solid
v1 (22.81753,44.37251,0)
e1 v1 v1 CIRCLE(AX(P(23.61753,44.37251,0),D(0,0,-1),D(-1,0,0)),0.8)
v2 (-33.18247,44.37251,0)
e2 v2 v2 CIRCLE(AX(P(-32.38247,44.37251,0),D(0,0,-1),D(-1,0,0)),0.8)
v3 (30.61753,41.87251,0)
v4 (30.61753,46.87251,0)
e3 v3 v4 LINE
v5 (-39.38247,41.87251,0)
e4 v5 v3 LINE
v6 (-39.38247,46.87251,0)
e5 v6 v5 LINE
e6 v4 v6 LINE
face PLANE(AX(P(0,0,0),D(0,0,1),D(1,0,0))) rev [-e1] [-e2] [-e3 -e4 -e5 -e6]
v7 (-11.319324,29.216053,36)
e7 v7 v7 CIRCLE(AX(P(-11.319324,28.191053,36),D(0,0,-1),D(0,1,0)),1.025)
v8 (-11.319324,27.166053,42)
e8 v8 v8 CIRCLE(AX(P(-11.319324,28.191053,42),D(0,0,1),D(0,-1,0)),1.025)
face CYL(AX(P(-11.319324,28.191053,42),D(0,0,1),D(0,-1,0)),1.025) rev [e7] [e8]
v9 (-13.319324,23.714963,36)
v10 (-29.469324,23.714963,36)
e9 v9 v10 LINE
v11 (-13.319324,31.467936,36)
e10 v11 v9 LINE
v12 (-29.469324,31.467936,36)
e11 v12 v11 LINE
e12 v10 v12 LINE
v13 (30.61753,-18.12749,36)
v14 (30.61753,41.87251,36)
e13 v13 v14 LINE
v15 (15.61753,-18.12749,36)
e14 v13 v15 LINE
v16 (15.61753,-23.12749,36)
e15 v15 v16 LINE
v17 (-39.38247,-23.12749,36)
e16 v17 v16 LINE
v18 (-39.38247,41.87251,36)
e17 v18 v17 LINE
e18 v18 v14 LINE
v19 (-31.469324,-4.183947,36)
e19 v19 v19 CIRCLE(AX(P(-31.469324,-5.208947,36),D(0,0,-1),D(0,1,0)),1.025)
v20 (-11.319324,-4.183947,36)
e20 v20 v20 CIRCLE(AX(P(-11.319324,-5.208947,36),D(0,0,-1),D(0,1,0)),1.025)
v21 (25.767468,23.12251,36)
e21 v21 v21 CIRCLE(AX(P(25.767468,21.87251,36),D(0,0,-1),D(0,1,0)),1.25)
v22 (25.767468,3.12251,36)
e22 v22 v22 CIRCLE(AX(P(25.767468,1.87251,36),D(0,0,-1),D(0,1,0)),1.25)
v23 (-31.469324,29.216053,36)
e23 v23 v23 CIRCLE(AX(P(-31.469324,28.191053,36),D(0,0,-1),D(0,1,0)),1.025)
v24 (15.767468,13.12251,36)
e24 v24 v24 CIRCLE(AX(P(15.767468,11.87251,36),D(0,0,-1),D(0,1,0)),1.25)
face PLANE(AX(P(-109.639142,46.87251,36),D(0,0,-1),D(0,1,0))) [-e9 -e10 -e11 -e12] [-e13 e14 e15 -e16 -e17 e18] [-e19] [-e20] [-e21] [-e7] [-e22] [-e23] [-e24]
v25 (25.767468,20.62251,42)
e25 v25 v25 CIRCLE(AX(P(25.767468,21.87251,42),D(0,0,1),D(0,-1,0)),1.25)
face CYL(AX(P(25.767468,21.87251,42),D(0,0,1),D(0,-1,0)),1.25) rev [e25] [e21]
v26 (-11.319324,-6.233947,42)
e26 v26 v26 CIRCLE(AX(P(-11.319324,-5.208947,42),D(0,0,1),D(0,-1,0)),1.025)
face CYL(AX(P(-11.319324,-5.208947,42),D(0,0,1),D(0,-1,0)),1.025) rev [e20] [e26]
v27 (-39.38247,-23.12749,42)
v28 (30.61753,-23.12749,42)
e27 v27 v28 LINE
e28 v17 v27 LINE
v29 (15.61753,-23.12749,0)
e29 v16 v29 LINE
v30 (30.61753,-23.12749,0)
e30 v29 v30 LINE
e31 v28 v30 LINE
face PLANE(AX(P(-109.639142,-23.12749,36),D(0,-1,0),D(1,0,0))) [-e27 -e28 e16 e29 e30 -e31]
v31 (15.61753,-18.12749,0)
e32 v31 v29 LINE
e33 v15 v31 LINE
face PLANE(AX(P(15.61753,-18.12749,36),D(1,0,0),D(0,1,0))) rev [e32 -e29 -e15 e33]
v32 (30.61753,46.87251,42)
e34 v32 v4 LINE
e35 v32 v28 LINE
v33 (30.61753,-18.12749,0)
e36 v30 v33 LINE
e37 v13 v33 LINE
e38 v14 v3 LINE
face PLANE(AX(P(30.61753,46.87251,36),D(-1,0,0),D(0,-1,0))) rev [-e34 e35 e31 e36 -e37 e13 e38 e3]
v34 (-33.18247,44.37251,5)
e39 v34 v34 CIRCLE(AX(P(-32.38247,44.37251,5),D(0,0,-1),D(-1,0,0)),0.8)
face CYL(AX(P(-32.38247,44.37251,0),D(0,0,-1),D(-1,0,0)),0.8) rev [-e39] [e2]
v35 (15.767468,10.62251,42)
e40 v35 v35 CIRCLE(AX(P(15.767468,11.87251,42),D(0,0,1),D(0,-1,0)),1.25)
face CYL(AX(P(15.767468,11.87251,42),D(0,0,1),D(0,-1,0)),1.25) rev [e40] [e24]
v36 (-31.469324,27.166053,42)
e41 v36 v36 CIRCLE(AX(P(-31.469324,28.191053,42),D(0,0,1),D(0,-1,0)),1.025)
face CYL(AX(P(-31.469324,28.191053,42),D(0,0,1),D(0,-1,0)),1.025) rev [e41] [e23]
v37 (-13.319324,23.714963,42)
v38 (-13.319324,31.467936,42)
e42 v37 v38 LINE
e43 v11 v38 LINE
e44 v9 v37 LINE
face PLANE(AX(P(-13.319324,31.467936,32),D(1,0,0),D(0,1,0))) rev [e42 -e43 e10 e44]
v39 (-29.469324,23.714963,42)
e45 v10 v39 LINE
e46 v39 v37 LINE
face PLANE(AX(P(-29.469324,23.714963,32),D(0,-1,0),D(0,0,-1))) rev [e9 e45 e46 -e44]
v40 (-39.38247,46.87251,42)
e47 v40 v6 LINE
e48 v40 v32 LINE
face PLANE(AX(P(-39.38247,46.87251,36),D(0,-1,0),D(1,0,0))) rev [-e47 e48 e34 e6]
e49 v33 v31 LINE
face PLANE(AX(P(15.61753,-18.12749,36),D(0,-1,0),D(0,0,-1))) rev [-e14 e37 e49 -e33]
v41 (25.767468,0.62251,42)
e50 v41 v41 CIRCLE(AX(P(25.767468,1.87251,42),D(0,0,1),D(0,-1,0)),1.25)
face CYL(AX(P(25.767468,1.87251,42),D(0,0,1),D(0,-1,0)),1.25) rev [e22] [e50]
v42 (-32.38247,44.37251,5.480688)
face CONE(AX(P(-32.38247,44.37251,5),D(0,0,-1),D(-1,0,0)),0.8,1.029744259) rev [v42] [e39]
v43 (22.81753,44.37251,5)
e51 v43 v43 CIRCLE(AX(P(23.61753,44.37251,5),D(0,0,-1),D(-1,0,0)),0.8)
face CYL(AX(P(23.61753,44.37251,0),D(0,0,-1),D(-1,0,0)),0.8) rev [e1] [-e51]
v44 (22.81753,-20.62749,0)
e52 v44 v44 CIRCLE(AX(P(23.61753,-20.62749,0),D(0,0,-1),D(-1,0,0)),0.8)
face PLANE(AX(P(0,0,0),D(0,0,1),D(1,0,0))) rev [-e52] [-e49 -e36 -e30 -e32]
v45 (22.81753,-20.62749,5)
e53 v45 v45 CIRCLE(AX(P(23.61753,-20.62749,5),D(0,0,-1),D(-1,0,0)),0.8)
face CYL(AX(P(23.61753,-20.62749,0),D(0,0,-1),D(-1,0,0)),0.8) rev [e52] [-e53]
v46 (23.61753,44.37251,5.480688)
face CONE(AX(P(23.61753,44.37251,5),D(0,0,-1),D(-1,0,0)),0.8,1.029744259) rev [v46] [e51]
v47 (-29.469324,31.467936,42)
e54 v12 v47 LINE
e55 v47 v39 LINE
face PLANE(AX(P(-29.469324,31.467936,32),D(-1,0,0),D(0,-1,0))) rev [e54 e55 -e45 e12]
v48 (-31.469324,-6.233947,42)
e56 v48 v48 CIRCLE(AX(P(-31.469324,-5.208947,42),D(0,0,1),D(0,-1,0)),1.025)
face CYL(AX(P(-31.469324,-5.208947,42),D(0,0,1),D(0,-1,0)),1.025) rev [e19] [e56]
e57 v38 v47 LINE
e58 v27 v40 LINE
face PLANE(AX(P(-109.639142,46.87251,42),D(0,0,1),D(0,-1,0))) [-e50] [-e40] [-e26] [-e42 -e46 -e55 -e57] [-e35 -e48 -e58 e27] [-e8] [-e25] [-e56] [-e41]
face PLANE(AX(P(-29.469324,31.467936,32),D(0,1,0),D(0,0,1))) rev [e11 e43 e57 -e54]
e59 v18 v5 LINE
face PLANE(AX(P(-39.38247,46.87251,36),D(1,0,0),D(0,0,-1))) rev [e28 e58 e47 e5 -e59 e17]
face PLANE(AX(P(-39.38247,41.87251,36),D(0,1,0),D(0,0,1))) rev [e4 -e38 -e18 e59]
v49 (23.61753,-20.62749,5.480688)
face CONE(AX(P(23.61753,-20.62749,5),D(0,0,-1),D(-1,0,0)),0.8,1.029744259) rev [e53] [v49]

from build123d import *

# Parameters (mm, degrees)
SKETCH1_W             = 70
SKETCH1_H             = 5
BOSS_EXTRUDE1_DEPTH   = 36
SKETCH1_W_2           = 15
BOSS_EXTRUDE1_2_DEPTH = 36
SKETCH2_W             = 6
SKETCH2_H             = 70
BOSS_EXTRUDE2_DEPTH   = 70
M2_TAPPED_HOLE1_D     = 1.6
M2_TAPPED_HOLE1_DEPTH = 5
M2_TAPPED_HOLE1_TIP   = 0.480688495
M3_TAPPED_HOLE1_D     = 2.5
M2_5_TAPPED_HOLE1_D   = 2.05
SKETCH10_W            = 16.15
SKETCH10_H            = 7.752972879
CUT_EXTRUDE1_DEPTH    = 10


with BuildPart() as part:
    # Sketch1 → Boss-Extrude1 (new body)
    with BuildSketch(Plane.XY):
        with Locations((-4.38247012, 44.37250996)):
            Rectangle(SKETCH1_W, SKETCH1_H)
    extrude(amount=BOSS_EXTRUDE1_DEPTH)



with BuildPart() as body_2:
    # Sketch1 → Boss-Extrude1 2 (new body)
    with BuildSketch(Plane.XY):
        with Locations((23.11752988, -20.62749004)):
            Rectangle(SKETCH1_W_2, SKETCH1_H)
    extrude(amount=BOSS_EXTRUDE1_2_DEPTH)


with BuildPart() as part_1:
    add(part.part)

    add(body_2.part)  # Boss-Extrude2 merges body 2
    # Sketch2 → Boss-Extrude2 (add)
    with BuildSketch(Plane(origin=(30.61752988, 0, 0), x_dir=(0, 0, -1), z_dir=(1, 0, 0))):
        with Locations((-39, 11.87250996)):
            Rectangle(SKETCH2_W, SKETCH2_H)
    extrude(amount=-BOSS_EXTRUDE2_DEPTH)

    # M2 Tapped Hole1
    with Locations(Plane(origin=(23.61752988, 44.37250996, 0), x_dir=(-1, 0, 0), z_dir=(0, 0, -1))):
        with Locations((0, 0), (56, 0), (0, -65)):
            Hole(M2_TAPPED_HOLE1_D / 2, depth=M2_TAPPED_HOLE1_DEPTH)
            with Locations((0, 0, -(M2_TAPPED_HOLE1_DEPTH + M2_TAPPED_HOLE1_TIP / 2))):  # 118° drill point
                Cone(0, M2_TAPPED_HOLE1_D / 2, M2_TAPPED_HOLE1_TIP, mode=Mode.SUBTRACT)

    # M3 Tapped Hole1 (through all)
    with Locations(Plane(origin=(15.767468025, 11.87250996, 42), x_dir=(0, 1, 0), z_dir=(0, 0, 1))):
        with Locations((0, 0), (-10, -10), (10, -10)):
            Hole(M3_TAPPED_HOLE1_D / 2)

    # M2.5 Tapped Hole1 (through all)
    with Locations(Plane(origin=(-31.46932371, 28.191052792, 42), x_dir=(0, 1, 0), z_dir=(0, 0, 1))):
        with Locations((0, 0), (0, -20.15), (-33.4, -20.15), (-33.4, 0)):
            Hole(M2_5_TAPPED_HOLE1_D / 2)

    # Sketch10 → Cut-Extrude1 (cut)
    with BuildSketch(Plane.XY.offset(42)):
        with Locations((-21.39432371, 27.591449479)):
            Rectangle(SKETCH10_W, SKETCH10_H)
    extrude(amount=-CUT_EXTRUDE1_DEPTH, mode=Mode.SUBTRACT)


solid = part_1.part
